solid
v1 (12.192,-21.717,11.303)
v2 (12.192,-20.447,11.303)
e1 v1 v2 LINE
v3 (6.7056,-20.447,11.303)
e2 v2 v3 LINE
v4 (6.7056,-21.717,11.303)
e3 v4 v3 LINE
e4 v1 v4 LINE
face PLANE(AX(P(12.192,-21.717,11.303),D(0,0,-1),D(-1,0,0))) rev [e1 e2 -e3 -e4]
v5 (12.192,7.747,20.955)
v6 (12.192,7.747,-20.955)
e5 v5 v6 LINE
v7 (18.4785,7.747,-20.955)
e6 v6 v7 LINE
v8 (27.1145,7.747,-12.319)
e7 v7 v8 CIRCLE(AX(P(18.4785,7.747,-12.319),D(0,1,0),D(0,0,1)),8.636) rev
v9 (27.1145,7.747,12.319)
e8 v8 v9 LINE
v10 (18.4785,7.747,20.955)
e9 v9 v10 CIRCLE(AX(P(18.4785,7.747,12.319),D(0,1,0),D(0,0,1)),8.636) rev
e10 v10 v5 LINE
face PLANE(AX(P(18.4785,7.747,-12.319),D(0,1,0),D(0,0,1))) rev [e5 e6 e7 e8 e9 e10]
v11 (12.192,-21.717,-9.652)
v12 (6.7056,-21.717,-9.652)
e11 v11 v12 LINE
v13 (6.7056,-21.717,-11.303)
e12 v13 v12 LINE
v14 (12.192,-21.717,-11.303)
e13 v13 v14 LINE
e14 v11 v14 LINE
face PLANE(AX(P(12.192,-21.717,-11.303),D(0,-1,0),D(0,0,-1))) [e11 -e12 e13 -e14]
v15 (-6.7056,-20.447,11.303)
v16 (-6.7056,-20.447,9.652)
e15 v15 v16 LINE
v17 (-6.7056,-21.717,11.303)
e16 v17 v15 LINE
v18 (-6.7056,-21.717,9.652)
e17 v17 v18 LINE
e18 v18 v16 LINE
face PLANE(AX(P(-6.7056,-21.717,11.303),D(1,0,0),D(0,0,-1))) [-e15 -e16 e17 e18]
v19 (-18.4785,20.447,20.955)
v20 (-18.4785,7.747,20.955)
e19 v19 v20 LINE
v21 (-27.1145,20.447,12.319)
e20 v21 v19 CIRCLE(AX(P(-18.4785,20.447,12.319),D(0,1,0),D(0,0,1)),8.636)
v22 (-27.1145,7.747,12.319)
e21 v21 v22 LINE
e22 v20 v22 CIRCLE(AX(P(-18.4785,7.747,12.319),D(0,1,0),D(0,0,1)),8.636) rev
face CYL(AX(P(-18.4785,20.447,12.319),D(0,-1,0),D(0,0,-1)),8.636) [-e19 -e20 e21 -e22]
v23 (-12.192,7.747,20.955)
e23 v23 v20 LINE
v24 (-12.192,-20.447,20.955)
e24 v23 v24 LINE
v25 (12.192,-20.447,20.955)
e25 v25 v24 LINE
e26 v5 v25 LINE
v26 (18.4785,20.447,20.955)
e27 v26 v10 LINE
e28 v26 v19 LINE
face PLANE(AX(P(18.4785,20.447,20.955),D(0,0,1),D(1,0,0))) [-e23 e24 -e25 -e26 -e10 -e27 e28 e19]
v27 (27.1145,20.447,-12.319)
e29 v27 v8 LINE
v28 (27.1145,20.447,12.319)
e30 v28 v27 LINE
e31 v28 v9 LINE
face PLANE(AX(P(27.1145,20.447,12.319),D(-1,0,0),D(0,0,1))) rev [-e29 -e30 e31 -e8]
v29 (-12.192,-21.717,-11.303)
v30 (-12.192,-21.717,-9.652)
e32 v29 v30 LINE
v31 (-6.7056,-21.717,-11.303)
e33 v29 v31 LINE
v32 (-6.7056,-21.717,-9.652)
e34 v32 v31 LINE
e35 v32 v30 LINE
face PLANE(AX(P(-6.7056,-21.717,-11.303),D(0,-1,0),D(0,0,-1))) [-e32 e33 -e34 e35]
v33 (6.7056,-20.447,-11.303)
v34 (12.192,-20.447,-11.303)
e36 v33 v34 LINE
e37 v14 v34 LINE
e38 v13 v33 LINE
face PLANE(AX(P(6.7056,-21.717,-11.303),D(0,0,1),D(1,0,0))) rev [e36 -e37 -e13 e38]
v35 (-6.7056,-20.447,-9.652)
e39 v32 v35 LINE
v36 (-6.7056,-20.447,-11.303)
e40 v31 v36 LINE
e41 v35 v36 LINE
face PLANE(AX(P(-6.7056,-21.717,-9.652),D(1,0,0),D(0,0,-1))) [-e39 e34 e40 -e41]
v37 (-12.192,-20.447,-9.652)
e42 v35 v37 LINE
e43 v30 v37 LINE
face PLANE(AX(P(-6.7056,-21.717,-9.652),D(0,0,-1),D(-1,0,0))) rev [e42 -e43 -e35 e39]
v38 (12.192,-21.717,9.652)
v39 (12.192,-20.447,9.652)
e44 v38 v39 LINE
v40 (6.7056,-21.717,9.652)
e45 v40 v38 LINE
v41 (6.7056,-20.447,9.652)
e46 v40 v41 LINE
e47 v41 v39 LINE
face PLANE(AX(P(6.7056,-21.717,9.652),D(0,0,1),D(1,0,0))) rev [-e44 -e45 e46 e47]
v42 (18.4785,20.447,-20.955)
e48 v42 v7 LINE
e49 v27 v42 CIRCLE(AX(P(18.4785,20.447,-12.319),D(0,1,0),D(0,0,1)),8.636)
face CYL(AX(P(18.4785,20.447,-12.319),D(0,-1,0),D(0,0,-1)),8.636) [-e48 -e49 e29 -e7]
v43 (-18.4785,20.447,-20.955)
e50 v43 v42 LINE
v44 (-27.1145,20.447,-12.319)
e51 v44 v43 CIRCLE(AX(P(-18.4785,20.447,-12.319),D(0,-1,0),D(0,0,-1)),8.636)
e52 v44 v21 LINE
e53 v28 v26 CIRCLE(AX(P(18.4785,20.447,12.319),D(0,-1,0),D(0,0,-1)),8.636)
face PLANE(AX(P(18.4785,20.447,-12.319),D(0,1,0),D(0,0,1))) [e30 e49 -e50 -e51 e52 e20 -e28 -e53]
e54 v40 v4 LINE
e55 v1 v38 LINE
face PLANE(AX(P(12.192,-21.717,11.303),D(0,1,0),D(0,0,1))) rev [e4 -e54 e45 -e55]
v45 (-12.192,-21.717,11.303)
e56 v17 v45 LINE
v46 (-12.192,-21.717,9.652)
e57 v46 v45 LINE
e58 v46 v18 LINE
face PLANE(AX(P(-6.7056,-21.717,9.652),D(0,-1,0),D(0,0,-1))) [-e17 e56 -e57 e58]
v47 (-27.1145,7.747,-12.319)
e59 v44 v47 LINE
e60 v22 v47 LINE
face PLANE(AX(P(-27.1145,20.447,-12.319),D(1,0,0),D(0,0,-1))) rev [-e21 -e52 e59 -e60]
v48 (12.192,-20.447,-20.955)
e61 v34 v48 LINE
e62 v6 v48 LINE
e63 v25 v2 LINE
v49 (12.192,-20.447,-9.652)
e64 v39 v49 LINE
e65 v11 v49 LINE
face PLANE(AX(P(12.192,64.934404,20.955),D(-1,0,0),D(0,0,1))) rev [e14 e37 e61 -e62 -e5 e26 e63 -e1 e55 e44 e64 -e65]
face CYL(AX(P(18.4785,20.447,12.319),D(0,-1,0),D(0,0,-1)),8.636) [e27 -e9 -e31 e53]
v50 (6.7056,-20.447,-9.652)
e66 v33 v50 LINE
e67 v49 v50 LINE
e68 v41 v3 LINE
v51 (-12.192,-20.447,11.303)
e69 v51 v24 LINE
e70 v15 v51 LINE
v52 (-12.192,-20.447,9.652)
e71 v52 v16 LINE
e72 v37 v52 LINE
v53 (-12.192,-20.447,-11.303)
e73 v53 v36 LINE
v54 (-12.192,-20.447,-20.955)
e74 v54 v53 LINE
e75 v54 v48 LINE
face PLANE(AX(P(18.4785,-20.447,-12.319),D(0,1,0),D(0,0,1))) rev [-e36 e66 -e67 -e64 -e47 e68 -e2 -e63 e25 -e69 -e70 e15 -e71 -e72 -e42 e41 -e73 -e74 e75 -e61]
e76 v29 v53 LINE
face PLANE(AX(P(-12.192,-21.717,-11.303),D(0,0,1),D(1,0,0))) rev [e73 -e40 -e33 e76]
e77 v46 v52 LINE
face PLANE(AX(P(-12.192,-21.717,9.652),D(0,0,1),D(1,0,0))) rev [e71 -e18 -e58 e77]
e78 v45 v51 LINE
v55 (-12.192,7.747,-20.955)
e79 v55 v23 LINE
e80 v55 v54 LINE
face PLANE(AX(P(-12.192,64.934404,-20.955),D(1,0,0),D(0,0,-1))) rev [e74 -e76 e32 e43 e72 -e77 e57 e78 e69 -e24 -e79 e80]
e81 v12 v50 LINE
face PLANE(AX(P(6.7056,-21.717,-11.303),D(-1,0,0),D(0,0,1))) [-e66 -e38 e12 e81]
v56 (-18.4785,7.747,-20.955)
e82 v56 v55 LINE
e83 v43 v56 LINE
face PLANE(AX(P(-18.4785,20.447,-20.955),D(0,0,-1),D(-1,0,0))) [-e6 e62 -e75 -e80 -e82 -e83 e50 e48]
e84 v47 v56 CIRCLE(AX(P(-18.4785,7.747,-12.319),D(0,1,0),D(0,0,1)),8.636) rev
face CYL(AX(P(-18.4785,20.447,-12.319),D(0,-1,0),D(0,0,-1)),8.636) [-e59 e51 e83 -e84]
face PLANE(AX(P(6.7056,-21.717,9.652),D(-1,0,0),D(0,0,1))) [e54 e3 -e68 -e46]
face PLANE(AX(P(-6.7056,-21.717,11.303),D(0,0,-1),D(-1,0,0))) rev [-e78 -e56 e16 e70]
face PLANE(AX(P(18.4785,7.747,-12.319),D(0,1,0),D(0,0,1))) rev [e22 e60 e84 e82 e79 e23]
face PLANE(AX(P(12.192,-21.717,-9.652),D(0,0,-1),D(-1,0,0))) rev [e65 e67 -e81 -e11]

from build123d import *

# Parameters (mm, degrees)
BASE_EXTRUDE_DEPTH  = 20.447
CUT_EXTRUDE1_DEPTH  = 28.194
SKETCH3_W           = 5.4864
SKETCH3_H           = 1.651
BOSS_EXTRUDE1_DEPTH = 1.27


with BuildPart() as part:
    # Sketch1 → Base-Extrude (new, symmetric)
    with BuildSketch(Plane(origin=(0, 0, 0), x_dir=(1, 0, 0), z_dir=(0, 1, 0))):
        with BuildLine():
            Line((-18.4785, 20.955), (18.4785, 20.955))
            ThreePointArc((18.4785, 20.955), (24.585074162, 18.425574162), (27.1145, 12.319))
            Line((27.1145, 12.319), (27.1145, -12.319))
            ThreePointArc((27.1145, -12.319), (24.585074162, -18.425574162), (18.4785, -20.955))
            Line((18.4785, -20.955), (-18.4785, -20.955))
            ThreePointArc((-18.4785, -20.955), (-24.585074162, -18.425574162), (-27.1145, -12.319))
            Line((-27.1145, -12.319), (-27.1145, 12.319))
            ThreePointArc((-27.1145, 12.319), (-24.585074162, 18.425574162), (-18.4785, 20.955))
        make_face()
    extrude(amount=BASE_EXTRUDE_DEPTH, both=True)

    # Sketch2 → Cut-Extrude1 (cut)
    with BuildSketch(Plane.XZ.offset(20.447)):
        with BuildLine():
            Line((12.192, 20.955), (12.192, -20.955))
            Line((12.192, -20.955), (18.4785, -20.955))
            ThreePointArc((18.4785, -20.955), (24.585074162, -18.425574162), (27.1145, -12.319))
            Line((27.1145, -12.319), (27.1145, 12.319))
            ThreePointArc((27.1145, 12.319), (24.585074162, 18.425574162), (18.4785, 20.955))
            Line((18.4785, 20.955), (12.192, 20.955))
        make_face()
        with BuildLine():
            Line((-18.4785, -20.955), (-12.192, -20.955))
            Line((-12.192, -20.955), (-12.192, 20.955))
            Line((-12.192, 20.955), (-18.4785, 20.955))
            ThreePointArc((-18.4785, 20.955), (-24.585074162, 18.425574162), (-27.1145, 12.319))
            Line((-27.1145, 12.319), (-27.1145, -12.319))
            ThreePointArc((-27.1145, -12.319), (-24.585074162, -18.425574162), (-18.4785, -20.955))
        make_face()
    extrude(amount=-CUT_EXTRUDE1_DEPTH, mode=Mode.SUBTRACT)

    # Sketch3 → Boss-Extrude1 (add)
    with BuildSketch(Plane.XZ.offset(20.447)):
        with Locations((9.4488, -10.4775)):
            Rectangle(SKETCH3_W, SKETCH3_H)
        with Locations((9.4488, 10.4775)):
            Rectangle(SKETCH3_W, SKETCH3_H)
        with Locations((-9.4488, 10.4775)):
            Rectangle(SKETCH3_W, SKETCH3_H)
        with Locations((-9.4488, -10.4775)):
            Rectangle(SKETCH3_W, SKETCH3_H)
    extrude(amount=BOSS_EXTRUDE1_DEPTH)


solid = part.part
